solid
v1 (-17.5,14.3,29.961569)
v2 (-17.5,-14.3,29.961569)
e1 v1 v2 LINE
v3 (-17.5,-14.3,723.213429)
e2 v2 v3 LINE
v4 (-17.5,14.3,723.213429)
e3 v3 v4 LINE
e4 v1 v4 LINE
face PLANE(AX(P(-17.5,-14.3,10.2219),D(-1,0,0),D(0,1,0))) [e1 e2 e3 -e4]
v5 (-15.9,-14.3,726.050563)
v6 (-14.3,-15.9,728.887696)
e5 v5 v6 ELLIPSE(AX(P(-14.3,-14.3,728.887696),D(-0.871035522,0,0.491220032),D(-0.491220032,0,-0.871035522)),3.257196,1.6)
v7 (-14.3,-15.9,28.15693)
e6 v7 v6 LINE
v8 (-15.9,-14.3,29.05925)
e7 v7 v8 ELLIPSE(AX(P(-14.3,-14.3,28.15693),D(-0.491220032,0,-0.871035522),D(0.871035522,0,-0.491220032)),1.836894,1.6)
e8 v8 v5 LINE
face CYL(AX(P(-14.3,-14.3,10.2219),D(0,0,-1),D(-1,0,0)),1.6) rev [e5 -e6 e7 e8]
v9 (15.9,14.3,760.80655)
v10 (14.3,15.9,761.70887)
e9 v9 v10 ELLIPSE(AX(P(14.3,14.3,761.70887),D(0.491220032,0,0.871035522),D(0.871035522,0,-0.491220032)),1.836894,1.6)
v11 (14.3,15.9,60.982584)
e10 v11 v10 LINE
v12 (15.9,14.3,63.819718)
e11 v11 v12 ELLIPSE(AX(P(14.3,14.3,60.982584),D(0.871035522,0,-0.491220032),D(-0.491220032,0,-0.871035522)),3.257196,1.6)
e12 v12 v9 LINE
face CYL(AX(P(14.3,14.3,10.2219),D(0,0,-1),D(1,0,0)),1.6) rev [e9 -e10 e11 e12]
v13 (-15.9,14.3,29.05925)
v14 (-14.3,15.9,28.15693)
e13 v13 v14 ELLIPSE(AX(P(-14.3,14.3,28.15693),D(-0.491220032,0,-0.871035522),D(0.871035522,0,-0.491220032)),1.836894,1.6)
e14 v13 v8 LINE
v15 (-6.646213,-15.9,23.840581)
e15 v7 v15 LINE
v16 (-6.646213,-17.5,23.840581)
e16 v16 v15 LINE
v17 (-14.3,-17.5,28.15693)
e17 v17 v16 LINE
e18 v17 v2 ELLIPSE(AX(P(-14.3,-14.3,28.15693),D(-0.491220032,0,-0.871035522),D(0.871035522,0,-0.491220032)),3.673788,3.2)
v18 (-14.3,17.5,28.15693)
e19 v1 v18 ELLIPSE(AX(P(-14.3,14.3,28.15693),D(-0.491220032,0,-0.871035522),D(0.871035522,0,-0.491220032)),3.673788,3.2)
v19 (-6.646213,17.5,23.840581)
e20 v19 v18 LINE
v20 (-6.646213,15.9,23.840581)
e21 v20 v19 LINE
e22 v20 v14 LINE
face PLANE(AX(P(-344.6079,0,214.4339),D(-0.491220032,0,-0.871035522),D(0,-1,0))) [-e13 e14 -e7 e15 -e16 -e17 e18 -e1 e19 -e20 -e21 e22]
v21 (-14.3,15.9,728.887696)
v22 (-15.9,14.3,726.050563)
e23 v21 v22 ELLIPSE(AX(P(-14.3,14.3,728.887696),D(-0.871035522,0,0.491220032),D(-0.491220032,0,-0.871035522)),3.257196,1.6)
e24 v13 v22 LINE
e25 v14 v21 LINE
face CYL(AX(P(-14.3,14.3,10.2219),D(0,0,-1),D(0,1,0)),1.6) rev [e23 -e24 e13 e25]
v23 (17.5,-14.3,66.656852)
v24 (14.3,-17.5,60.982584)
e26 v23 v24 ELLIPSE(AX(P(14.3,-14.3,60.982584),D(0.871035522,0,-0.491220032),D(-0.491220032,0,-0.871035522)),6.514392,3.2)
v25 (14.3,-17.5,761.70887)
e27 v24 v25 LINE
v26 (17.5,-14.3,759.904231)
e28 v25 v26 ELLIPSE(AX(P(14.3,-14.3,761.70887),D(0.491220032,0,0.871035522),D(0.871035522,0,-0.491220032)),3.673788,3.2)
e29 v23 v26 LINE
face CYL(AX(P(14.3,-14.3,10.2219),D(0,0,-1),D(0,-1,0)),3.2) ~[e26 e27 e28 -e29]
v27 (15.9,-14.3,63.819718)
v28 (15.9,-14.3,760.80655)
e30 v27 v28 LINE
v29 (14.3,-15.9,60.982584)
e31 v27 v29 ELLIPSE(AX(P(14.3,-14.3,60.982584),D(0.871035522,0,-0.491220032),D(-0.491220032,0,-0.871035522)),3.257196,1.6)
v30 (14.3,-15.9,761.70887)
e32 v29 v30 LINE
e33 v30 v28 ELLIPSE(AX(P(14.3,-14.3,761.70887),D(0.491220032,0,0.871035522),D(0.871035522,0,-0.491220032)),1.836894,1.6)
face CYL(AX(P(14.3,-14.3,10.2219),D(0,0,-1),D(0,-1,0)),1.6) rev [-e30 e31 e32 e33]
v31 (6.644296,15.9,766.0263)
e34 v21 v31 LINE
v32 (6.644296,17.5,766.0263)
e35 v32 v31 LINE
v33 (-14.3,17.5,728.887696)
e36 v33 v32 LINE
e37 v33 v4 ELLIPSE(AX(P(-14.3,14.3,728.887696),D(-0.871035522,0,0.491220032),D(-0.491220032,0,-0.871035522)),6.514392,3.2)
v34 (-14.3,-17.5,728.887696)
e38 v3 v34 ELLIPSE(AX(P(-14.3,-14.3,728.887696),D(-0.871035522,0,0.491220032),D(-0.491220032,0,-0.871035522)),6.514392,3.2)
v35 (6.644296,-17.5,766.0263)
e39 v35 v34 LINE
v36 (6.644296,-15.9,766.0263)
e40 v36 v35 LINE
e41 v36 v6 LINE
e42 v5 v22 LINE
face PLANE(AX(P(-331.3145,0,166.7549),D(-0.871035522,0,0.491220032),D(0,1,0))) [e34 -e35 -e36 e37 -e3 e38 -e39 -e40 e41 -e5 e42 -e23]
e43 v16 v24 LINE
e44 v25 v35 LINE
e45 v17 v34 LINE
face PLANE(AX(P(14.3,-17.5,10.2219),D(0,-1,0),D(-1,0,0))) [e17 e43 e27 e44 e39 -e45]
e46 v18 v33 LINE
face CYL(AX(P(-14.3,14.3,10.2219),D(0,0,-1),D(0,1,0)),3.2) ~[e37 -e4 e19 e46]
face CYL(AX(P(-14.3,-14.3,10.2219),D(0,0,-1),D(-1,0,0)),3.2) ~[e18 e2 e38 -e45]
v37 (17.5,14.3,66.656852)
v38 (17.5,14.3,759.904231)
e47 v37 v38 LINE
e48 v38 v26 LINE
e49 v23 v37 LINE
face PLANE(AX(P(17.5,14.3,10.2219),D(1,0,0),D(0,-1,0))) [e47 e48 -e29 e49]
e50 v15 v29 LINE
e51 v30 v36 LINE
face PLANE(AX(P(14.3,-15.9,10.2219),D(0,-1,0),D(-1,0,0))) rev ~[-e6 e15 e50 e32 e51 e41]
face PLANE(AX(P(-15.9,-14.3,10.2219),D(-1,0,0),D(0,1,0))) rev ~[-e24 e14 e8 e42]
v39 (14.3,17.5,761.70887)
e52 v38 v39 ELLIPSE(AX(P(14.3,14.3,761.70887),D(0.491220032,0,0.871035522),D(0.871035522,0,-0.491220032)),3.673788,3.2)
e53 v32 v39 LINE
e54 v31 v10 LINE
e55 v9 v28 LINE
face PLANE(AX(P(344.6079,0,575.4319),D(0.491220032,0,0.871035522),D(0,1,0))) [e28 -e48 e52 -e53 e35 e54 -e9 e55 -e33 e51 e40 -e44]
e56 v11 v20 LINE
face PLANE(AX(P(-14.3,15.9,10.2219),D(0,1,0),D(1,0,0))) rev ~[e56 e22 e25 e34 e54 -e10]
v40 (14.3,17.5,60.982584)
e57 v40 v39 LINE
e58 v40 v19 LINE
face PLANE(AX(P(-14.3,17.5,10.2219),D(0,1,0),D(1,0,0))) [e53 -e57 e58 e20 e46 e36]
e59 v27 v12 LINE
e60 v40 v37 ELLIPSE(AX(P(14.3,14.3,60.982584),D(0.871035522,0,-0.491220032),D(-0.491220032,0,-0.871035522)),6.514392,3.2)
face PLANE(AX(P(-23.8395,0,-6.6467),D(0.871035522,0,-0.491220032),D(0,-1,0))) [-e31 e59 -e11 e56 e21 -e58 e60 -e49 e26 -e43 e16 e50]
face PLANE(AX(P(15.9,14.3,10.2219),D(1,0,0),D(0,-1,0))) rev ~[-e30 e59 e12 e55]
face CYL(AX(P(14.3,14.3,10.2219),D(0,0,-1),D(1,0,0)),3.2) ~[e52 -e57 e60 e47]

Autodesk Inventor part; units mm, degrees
ref_plane "Start plane" through (0, 0, 10.2219) normal (0, 0, 1) x (1, 0, 0)
ref_plane "End plane" through (0, 0, 779.6439) normal (0, 0, 1) x (1, 0, 0)
sketch "Sketch" plane through (0, 0, 0) normal (0, 0, 1) x (1, 0, 0)
  line L0 (-17.5, -14.3) -> (-17.5, 14.3)
  line L1 (-14.3, 17.5) -> (14.3, 17.5)
  line L2 (17.5, 14.3) -> (17.5, -14.3)
  line L3 (14.3, -17.5) -> (-14.3, -17.5)
  arc A0 (-17.5, -14.3) -> (-14.3, -17.5) centre (-14.3, -14.3) ccw
  arc A1 (-14.3, 17.5) -> (-17.5, 14.3) centre (-14.3, 14.3) ccw
  arc A2 (17.5, 14.3) -> (14.3, 17.5) centre (14.3, 14.3) ccw
  arc A3 (14.3, -17.5) -> (17.5, -14.3) centre (14.3, -14.3) ccw
  arc A4 (-14.3, 15.9) -> (-15.9, 14.3) centre (-14.3, 14.3) ccw
  line L4 (-14.3, 15.9) -> (14.3, 15.9)
  arc A5 (15.9, 14.3) -> (14.3, 15.9) centre (14.3, 14.3) ccw
  line L5 (15.9, 14.3) -> (15.9, -14.3)
  arc A6 (14.3, -15.9) -> (15.9, -14.3) centre (14.3, -14.3) ccw
  line L6 (14.3, -15.9) -> (-14.3, -15.9)
  arc A7 (-15.9, -14.3) -> (-14.3, -15.9) centre (-14.3, -14.3) ccw
  line L7 (-15.9, -14.3) -> (-15.9, 14.3)
  line L8 (0, 25.4278) -> (0, -25.4278) construction
  line L9 (-25.4278, 0) -> (25.4278, 0) construction
  dimension "d7" = 3.2
  dimension "d10" = 35
  dimension "d11" = 35
  dimension "d12" = 1.6
  dimension "d15" = 17.5
  dimension "d16" = 17.5
extrude "Body" add sketch "Sketch" along normal up to surface (769.4221 mm away) from surface at 10.2219
sketch "Sketch3" plane through (0, 0, 0) normal (0, 0, 1) x (1, 0, 0)
  line L0 (0, 0) -> (10, 0)
ref_plane "Work Plane3" through (0, 0, 0) normal (0, -1, 0) x (1, 0, 0)
sketch "Sketch4" plane through (0, 0, 0) normal (0, -1, 0) x (1, 0, 0)
  line L0 (-2, 10.2219) -> (12, 10.2219)
  line L1 (-2, 779.6439) -> (12, 779.6439)
  dimension "d18" = 769.4221
ref_plane "Work Plane4" through (344.6079, 0, 575.4319) normal (0.4912, 0, 0.871) x (0.871, 0, -0.4912)
split "Split1" plane through (344.6079, 0, 575.4319) removes the side toward (0.4912, 0, 0.871)
ref_plane "Work Plane5" through (-331.3145, 0, 166.7549) normal (-0.871, 0, 0.4912) x (0.4912, 0, 0.871)
split "Split2" plane through (-331.3145, 0, 166.7549) removes the side toward (-0.871, 0, 0.4912)
ref_plane "Work Plane6" through (-23.8395, 0, -6.6467) normal (0.871, 0, -0.4912) x (-0.4912, 0, -0.871)
split "Split3" plane through (-23.8395, 0, -6.6467) removes the side toward (0.871, 0, -0.4912)
ref_plane "Work Plane7" through (-344.6079, 0, 214.4339) normal (-0.4912, 0, -0.871) x (-0.871, 0, 0.4912)
split "Split4" plane through (-344.6079, 0, 214.4339) removes the side toward (-0.4912, 0, -0.871)
equation "\"d7\" = G_IR"
equation "\"d10\" = G_H"
equation "\"d11\" = G_W"
equation "\"d12\" = G_T"
equation "\"d15\" = 0.5 * d10"
equation "\"d16\" = 0.5 * d11"
equation "\"d3\" = G_L"
equation "\"G_W\" = 35"
equation "\"G_H\" = 35"
equation "\"G_T\" = 1.6"
equation "\"G_IR\" = 3.2"
equation "\"G_L\" = d18"
equation "\"G_OFFSET_START\" = -10.22188"
equation "\"G_OFFSET_END\" = -10.22188"
equation "\"d13\" = -G_OFFSET_START"
equation "\"d14\" = G_OFFSET_END + B_L"
equation "\"B_L\" = 789.86581"
properties part number "AS 1163 - C350L0 35x35x1.6 SHS - 769.422" material "Steel, Mild"
